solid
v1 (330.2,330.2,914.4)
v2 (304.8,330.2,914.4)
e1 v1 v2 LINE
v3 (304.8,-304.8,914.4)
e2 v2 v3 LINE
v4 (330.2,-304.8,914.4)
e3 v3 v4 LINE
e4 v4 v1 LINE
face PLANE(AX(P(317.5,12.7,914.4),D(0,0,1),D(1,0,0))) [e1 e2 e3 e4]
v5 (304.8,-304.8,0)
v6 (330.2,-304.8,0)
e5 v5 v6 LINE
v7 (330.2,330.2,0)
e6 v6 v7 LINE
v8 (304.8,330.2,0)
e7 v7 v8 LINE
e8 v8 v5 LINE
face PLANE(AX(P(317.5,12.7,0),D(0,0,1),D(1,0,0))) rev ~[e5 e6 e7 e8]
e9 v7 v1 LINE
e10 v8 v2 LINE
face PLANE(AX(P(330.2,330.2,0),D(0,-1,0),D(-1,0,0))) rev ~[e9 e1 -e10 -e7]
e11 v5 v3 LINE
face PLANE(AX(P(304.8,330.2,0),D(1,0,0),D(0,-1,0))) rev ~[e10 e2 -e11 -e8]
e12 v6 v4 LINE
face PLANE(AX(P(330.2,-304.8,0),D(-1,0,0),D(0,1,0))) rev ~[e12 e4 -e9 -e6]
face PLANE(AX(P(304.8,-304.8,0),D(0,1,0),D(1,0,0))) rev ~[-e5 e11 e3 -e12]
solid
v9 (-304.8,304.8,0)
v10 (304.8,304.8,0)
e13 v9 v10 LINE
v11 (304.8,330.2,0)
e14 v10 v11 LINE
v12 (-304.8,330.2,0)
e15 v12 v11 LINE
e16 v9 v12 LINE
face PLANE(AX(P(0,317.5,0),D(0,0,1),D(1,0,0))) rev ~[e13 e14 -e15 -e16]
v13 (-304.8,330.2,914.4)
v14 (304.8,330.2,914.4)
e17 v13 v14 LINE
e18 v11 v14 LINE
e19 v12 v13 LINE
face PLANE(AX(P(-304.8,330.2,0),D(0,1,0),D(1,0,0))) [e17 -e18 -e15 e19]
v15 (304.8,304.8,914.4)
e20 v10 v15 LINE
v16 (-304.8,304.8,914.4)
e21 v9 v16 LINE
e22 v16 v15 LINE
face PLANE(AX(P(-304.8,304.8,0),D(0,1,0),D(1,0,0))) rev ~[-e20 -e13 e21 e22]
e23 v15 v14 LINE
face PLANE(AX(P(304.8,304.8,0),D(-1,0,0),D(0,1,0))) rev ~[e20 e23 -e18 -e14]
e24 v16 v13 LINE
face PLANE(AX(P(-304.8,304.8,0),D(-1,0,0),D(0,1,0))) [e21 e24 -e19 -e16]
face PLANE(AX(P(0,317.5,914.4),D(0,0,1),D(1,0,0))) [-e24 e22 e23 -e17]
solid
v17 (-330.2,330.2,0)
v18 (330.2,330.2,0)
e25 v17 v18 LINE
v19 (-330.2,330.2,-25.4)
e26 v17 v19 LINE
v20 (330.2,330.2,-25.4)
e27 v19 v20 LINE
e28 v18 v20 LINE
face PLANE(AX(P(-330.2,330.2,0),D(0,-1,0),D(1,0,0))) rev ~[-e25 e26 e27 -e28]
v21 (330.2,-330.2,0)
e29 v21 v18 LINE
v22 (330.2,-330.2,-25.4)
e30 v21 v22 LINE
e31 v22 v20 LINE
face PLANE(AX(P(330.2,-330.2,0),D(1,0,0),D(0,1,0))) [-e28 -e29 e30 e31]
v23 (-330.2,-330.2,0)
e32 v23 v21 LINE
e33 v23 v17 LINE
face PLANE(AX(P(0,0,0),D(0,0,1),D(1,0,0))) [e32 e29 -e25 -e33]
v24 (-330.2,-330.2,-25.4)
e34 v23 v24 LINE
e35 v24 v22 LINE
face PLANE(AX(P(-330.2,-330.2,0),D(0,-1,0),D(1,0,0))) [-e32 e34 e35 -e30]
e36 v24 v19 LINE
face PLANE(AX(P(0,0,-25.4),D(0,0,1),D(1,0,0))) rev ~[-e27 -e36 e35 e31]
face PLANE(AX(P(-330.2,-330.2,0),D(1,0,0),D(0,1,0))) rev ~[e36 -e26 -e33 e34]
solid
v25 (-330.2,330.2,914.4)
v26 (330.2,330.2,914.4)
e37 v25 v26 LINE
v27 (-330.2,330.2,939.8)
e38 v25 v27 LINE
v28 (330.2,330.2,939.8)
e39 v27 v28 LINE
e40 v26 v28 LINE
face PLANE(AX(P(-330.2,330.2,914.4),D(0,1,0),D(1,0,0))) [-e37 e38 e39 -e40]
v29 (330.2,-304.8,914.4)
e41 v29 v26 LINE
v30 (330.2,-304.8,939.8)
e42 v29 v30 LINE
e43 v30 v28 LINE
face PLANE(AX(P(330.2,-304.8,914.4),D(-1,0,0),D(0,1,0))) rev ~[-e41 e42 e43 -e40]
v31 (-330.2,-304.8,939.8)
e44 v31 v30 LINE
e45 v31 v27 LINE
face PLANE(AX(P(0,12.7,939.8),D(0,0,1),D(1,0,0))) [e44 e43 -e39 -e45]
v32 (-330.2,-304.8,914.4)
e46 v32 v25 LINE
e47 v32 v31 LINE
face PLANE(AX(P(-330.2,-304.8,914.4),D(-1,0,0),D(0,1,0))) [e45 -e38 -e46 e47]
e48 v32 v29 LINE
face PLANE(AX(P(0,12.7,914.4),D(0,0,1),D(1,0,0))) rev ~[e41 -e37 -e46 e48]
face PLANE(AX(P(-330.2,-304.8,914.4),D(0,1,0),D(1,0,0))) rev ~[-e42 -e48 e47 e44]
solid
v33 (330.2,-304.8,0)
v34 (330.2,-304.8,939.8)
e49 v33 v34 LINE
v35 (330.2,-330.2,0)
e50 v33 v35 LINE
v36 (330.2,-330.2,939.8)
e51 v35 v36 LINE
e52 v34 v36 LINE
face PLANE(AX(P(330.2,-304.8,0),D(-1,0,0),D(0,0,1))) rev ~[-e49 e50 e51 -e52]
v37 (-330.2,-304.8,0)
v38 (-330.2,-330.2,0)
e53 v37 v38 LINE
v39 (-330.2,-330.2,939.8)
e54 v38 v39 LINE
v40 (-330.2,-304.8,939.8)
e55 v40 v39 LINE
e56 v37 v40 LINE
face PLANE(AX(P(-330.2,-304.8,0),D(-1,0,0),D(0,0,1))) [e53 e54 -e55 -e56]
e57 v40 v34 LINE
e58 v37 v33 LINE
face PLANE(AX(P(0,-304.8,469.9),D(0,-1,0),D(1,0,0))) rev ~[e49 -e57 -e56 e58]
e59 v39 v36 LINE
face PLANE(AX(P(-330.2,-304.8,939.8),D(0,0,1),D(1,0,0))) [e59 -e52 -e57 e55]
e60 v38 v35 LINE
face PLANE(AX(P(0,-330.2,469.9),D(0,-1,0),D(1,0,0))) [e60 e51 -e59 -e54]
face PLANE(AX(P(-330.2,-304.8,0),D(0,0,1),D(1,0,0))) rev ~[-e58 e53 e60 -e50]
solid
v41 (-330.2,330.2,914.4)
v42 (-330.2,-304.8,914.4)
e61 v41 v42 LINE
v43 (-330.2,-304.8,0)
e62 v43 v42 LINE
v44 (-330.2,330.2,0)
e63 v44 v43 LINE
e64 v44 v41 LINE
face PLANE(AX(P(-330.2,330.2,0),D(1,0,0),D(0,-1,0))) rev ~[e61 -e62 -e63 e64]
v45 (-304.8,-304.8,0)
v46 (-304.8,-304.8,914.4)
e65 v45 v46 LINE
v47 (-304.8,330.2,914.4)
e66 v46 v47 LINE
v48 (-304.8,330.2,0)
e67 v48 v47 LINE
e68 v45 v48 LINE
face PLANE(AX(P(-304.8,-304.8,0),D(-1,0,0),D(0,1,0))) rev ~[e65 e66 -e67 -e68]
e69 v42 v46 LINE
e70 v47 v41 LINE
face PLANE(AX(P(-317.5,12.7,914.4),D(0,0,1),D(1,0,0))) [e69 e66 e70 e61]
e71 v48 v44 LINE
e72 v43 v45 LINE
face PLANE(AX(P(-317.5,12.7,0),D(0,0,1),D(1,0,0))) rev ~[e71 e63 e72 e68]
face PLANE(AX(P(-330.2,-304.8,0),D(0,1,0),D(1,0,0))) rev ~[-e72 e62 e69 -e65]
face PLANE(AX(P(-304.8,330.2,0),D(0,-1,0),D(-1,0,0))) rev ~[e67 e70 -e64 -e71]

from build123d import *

# Parameters (mm, degrees)
F1_DEPTH = 914.4
F0_W     = 609.6
F0_H     = 25.4
F2_DEPTH = 914.4
F3_W     = 660.4
F3_H     = 635
F4_DEPTH = 25.4
F5_W     = 660.4
F5_H     = 660.4
F6_DEPTH = 25.4
F7_W     = 660.4
F7_H     = 939.8
F8_DEPTH = 25.4


with BuildPart() as f1:
    # F0 (on Top) → F1 (new body)
    with BuildSketch(Plane.XY):
        Polygon((-330.2, -304.8), (-304.8, -304.8), (-304.8, 304.8), (-304.8, 330.2), (-330.2, 330.2), align=None)
        Polygon((304.8, 304.8), (304.8, -304.8), (330.2, -304.8), (330.2, 330.2), (304.8, 330.2), align=None)
    extrude(amount=F1_DEPTH)


with BuildPart() as f2:
    # F0 (on Top) → F2 (new body, through all)
    with BuildSketch(Plane.XY):
        with Locations((0, 317.5)):
            Rectangle(F0_W, F0_H)
    extrude(amount=F2_DEPTH)


with BuildPart() as f4:
    # F3 (on face) → F4 (new body)
    with BuildSketch(Plane.XY.offset(914.4)):
        with Locations((0, 12.7)):
            Rectangle(F3_W, F3_H)
    extrude(amount=F4_DEPTH)


with BuildPart() as f6:
    # F5 (on Top) → F6 (new body)
    with BuildSketch(Plane.XY):
        Rectangle(F5_W, F5_H)
    extrude(amount=-F6_DEPTH)


with BuildPart() as f8:
    # F7 (on face) → F8 (new body)
    with BuildSketch(Plane.XZ.offset(304.8)):
        with Locations((0, 469.9)):
            Rectangle(F7_W, F7_H)
    extrude(amount=F8_DEPTH)


solid = Compound([f1.part, f2.part, f4.part, f6.part, f8.part])
